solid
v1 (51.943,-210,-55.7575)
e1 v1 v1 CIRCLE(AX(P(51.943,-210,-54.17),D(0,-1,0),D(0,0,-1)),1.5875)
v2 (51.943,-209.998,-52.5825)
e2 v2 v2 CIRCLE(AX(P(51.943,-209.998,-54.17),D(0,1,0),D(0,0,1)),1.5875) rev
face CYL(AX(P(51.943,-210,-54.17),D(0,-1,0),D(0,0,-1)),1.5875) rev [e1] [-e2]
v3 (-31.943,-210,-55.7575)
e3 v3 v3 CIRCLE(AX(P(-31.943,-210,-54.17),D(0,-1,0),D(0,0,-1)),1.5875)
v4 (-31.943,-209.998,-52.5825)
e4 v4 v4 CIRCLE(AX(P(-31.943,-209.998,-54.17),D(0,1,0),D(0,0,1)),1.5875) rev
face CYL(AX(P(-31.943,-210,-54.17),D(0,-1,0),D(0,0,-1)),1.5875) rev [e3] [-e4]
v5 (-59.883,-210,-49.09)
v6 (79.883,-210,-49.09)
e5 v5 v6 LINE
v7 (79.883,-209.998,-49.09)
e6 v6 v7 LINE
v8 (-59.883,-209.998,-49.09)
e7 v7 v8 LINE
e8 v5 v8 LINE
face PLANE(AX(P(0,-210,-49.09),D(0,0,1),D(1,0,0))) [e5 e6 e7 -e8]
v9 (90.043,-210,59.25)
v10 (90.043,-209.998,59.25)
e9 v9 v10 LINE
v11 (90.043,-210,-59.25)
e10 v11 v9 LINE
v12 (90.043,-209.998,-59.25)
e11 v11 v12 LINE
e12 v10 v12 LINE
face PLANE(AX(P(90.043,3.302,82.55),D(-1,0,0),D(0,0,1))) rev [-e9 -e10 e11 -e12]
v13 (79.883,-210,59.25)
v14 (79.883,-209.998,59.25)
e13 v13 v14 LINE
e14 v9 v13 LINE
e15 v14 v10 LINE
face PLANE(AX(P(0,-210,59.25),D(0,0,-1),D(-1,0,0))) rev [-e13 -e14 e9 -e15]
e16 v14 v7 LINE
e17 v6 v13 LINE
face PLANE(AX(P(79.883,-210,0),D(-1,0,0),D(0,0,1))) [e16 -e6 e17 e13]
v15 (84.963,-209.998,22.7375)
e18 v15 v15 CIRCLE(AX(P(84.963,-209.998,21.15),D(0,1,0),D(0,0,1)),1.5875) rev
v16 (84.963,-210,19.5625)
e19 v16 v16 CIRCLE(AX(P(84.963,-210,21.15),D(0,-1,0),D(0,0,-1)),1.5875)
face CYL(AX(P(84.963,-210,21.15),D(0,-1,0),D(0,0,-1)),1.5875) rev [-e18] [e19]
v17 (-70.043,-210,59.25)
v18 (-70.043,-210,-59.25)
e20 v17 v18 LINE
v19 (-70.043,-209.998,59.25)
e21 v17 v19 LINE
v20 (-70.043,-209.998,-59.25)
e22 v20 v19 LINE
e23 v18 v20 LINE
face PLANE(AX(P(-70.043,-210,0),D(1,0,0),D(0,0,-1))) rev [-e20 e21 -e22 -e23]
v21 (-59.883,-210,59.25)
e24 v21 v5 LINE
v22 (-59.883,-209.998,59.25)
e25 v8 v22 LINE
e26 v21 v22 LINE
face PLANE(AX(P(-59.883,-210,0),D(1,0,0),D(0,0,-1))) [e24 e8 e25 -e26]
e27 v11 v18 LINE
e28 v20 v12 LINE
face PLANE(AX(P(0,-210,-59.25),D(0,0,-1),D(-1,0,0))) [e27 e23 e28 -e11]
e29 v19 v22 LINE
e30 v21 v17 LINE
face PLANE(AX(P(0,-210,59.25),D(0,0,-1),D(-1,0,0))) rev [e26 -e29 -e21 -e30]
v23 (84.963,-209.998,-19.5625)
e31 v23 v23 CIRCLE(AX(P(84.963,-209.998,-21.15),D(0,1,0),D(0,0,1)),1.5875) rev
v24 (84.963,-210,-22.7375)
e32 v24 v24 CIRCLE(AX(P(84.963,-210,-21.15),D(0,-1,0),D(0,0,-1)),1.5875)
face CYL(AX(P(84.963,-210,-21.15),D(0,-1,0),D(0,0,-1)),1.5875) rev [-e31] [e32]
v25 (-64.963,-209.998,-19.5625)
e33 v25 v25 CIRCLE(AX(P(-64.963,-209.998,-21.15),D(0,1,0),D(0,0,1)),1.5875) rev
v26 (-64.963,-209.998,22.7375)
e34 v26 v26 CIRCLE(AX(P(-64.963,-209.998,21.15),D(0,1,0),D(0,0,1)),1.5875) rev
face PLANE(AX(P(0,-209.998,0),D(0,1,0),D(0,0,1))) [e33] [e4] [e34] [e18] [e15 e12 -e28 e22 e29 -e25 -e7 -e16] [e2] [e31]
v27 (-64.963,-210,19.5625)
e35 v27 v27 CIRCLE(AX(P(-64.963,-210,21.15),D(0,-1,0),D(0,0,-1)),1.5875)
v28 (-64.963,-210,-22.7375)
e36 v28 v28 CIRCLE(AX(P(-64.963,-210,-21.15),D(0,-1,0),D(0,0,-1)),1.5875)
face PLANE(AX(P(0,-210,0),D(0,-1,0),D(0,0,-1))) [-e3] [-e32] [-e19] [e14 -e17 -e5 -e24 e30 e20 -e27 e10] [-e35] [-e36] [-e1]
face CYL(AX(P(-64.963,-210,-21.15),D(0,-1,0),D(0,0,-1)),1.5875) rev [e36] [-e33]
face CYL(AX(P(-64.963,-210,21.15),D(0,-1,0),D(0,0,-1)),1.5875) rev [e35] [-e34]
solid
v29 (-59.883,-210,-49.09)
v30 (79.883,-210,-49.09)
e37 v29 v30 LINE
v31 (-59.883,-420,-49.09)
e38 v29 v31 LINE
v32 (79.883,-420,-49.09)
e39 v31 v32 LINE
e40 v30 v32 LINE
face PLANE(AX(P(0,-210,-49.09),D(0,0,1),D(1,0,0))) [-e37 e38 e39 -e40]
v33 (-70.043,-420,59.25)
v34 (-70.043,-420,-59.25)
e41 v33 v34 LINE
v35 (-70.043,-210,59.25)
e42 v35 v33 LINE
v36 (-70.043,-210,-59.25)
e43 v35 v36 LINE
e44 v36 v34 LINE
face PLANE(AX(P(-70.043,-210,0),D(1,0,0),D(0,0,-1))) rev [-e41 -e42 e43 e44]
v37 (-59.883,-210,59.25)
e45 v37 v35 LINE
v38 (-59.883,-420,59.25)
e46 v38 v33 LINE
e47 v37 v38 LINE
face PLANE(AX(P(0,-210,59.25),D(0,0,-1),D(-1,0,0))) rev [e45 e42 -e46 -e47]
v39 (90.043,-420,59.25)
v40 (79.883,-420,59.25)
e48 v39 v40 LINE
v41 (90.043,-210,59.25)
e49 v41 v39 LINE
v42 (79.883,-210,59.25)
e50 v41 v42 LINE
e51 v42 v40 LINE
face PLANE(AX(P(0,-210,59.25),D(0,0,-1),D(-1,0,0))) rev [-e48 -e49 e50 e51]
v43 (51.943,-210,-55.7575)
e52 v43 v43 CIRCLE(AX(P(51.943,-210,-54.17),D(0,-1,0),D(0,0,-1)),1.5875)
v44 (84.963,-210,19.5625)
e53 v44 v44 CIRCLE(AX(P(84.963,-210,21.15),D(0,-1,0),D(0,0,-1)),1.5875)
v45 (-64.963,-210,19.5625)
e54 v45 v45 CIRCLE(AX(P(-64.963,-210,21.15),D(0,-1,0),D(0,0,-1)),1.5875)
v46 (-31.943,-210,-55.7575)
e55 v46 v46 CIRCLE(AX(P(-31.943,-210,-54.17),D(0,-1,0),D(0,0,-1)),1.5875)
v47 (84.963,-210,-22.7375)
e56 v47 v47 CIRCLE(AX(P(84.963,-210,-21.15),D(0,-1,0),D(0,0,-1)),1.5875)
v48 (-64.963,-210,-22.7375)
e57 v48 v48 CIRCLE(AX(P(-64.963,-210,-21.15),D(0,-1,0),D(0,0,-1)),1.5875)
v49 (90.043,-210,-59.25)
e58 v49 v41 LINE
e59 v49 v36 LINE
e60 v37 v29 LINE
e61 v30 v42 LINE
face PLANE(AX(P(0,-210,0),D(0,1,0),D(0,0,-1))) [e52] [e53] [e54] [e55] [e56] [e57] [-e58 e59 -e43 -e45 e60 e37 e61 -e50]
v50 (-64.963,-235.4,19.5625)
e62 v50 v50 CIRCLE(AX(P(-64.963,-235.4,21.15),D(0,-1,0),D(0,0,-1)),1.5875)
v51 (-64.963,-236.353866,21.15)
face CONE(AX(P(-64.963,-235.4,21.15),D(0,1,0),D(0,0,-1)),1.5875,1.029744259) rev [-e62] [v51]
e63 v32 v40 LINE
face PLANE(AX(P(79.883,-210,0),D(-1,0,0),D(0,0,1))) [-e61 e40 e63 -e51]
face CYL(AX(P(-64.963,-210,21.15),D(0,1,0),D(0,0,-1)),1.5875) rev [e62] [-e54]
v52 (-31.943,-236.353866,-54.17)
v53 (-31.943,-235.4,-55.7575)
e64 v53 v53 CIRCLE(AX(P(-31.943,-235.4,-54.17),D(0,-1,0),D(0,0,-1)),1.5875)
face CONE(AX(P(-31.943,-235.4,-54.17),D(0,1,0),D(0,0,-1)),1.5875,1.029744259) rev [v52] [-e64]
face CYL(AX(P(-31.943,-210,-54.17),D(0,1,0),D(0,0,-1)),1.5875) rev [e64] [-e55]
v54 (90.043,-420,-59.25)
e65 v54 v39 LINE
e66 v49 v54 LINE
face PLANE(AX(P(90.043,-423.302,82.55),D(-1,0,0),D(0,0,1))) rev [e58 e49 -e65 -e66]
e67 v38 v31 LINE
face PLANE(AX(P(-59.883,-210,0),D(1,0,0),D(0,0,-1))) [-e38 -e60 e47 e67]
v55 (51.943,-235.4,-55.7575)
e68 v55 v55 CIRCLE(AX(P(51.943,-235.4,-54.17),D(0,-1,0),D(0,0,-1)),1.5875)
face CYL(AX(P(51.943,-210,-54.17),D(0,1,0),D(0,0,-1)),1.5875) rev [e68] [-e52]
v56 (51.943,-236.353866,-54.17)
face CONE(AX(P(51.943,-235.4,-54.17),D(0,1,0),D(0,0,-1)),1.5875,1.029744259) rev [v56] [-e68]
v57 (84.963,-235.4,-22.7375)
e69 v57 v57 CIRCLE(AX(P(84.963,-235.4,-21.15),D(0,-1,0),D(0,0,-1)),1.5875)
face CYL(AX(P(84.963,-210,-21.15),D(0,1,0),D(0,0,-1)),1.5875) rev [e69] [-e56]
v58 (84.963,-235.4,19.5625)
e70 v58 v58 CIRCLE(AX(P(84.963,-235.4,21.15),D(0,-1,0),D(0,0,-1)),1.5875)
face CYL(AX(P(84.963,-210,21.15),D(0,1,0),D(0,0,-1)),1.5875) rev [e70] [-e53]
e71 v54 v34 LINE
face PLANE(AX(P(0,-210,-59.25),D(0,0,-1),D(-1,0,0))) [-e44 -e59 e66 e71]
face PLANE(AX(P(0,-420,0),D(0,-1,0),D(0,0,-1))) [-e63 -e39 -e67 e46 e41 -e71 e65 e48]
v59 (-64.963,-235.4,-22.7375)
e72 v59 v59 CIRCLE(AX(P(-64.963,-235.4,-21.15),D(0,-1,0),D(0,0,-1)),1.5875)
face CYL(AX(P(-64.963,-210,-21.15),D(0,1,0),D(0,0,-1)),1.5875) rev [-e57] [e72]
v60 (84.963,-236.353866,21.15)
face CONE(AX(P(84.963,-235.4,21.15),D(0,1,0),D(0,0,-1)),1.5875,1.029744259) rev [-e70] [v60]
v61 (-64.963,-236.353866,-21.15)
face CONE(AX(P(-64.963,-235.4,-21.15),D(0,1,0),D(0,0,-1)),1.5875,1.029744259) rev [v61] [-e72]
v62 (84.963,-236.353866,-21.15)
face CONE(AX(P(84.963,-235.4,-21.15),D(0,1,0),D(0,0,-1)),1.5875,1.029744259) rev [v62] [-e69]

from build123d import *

# Parameters (mm, degrees)
SKETCH1_W                      = 180.086
SKETCH1_H                      = 165.1
BOSS_EXTRUDE1_DEPTH            = 3.302
M5_CLEARANCE_HOLE2_D           = 5.5
M5_CLEARANCE_HOLE2_DEPTH       = 3.302
FILLET1_R                      = 3.302
BOSS_EXTRUDE2_DEPTH            = 210
F_1_8_0_1250_DOWEL_HOLE1_D     = 3.175
F_1_8_0_1250_DOWEL_HOLE1_DEPTH = 25.4
F_1_8_0_1250_DOWEL_HOLE1_TIP   = 0.953866233
SKETCH25_W                     = 202.106165301
SKETCH25_H                     = 177.594943489
CUT_EXTRUDE1_DEPTH             = 213.3
SKETCH26_W                     = 189.404895816
SKETCH26_H                     = 174.029674862
CUT_EXTRUDE3_DEPTH             = 3.302


with BuildPart() as part:
    # Sketch1 → Boss-Extrude1 (new body)
    with BuildSketch(Plane(origin=(0, 0, 0), x_dir=(1, 0, 0), z_dir=(0, 1, 0))):
        Rectangle(SKETCH1_W, SKETCH1_H)
    extrude(amount=BOSS_EXTRUDE1_DEPTH)

    # M5 Clearance Hole2
    with Locations(Plane(origin=(0, 3.302, 0), x_dir=(1, 0, 0), z_dir=(0, 1, 0))):
        with Locations((51.943, -72.39), (-51.943, -72.39), (51.943, 72.39), (-51.943, 72.39)):
            Hole(M5_CLEARANCE_HOLE2_D / 2, depth=M5_CLEARANCE_HOLE2_DEPTH)

    # Fillet1
    fillet1_edges = [part.edges().sort_by_distance(p)[0] for p in [
        (90.043, 1.651, 82.55),
        (-90.043, 1.651, 82.55),
        (-90.043, 1.651, -82.55),
        (90.043, 1.651, -82.55),
    ]]
    fillet(fillet1_edges, radius=FILLET1_R)

    # Sketch12 → Boss-Extrude2 (add)
    with BuildSketch(Plane.XZ):
        Polygon((90.043, -59.25), (90.043, 59.25), (79.883, 59.25), (79.883, -49.09), (-59.883, -49.09), (-59.883, 59.25), (-70.043, 59.25), (-70.043, -59.25), align=None)
    extrude(amount=BOSS_EXTRUDE2_DEPTH)

    # 1/8 (0.1250) Dowel Hole1
    with Locations(Plane(origin=(0, -210, 0), x_dir=(-1, 0, 0), z_dir=(0, -1, 0))):
        with Locations((64.963, -21.15), (64.963, 21.15), (31.943, 54.17), (-51.943, 54.17), (-84.963, 21.15), (-84.963, -21.15)):
            Hole(F_1_8_0_1250_DOWEL_HOLE1_D / 2, depth=F_1_8_0_1250_DOWEL_HOLE1_DEPTH)
            with Locations((0, 0, -(F_1_8_0_1250_DOWEL_HOLE1_DEPTH + F_1_8_0_1250_DOWEL_HOLE1_TIP / 2))):  # 118° drill point
                Cone(0, F_1_8_0_1250_DOWEL_HOLE1_D / 2, F_1_8_0_1250_DOWEL_HOLE1_TIP, mode=Mode.SUBTRACT)


with BuildPart() as body_2:
    # Mirror1: mirrored copy
    add(part.part.mirror(Plane(origin=(0, -210, 0), x_dir=(0, 0, 1), z_dir=(0, -1, 0))))

    # Sketch26 → Cut-Extrude3 (cut)
    with BuildSketch(Plane.XZ.offset(423.302)):
        with Locations((0, -0.222829289)):
            Rectangle(SKETCH26_W, SKETCH26_H)
    extrude(amount=-CUT_EXTRUDE3_DEPTH, mode=Mode.SUBTRACT)


with BuildPart() as part_1:
    add(part.part)

    # Sketch25 → Cut-Extrude1 (cut)
    with BuildSketch(Plane(origin=(0, 3.302, 0), x_dir=(1, 0, 0), z_dir=(0, 1, 0))):
        with Locations((0.111414645, -1.559805025)):
            Rectangle(SKETCH25_W, SKETCH25_H)
    extrude(amount=-CUT_EXTRUDE1_DEPTH, mode=Mode.SUBTRACT)


solid = Compound([body_2.part, part_1.part])
